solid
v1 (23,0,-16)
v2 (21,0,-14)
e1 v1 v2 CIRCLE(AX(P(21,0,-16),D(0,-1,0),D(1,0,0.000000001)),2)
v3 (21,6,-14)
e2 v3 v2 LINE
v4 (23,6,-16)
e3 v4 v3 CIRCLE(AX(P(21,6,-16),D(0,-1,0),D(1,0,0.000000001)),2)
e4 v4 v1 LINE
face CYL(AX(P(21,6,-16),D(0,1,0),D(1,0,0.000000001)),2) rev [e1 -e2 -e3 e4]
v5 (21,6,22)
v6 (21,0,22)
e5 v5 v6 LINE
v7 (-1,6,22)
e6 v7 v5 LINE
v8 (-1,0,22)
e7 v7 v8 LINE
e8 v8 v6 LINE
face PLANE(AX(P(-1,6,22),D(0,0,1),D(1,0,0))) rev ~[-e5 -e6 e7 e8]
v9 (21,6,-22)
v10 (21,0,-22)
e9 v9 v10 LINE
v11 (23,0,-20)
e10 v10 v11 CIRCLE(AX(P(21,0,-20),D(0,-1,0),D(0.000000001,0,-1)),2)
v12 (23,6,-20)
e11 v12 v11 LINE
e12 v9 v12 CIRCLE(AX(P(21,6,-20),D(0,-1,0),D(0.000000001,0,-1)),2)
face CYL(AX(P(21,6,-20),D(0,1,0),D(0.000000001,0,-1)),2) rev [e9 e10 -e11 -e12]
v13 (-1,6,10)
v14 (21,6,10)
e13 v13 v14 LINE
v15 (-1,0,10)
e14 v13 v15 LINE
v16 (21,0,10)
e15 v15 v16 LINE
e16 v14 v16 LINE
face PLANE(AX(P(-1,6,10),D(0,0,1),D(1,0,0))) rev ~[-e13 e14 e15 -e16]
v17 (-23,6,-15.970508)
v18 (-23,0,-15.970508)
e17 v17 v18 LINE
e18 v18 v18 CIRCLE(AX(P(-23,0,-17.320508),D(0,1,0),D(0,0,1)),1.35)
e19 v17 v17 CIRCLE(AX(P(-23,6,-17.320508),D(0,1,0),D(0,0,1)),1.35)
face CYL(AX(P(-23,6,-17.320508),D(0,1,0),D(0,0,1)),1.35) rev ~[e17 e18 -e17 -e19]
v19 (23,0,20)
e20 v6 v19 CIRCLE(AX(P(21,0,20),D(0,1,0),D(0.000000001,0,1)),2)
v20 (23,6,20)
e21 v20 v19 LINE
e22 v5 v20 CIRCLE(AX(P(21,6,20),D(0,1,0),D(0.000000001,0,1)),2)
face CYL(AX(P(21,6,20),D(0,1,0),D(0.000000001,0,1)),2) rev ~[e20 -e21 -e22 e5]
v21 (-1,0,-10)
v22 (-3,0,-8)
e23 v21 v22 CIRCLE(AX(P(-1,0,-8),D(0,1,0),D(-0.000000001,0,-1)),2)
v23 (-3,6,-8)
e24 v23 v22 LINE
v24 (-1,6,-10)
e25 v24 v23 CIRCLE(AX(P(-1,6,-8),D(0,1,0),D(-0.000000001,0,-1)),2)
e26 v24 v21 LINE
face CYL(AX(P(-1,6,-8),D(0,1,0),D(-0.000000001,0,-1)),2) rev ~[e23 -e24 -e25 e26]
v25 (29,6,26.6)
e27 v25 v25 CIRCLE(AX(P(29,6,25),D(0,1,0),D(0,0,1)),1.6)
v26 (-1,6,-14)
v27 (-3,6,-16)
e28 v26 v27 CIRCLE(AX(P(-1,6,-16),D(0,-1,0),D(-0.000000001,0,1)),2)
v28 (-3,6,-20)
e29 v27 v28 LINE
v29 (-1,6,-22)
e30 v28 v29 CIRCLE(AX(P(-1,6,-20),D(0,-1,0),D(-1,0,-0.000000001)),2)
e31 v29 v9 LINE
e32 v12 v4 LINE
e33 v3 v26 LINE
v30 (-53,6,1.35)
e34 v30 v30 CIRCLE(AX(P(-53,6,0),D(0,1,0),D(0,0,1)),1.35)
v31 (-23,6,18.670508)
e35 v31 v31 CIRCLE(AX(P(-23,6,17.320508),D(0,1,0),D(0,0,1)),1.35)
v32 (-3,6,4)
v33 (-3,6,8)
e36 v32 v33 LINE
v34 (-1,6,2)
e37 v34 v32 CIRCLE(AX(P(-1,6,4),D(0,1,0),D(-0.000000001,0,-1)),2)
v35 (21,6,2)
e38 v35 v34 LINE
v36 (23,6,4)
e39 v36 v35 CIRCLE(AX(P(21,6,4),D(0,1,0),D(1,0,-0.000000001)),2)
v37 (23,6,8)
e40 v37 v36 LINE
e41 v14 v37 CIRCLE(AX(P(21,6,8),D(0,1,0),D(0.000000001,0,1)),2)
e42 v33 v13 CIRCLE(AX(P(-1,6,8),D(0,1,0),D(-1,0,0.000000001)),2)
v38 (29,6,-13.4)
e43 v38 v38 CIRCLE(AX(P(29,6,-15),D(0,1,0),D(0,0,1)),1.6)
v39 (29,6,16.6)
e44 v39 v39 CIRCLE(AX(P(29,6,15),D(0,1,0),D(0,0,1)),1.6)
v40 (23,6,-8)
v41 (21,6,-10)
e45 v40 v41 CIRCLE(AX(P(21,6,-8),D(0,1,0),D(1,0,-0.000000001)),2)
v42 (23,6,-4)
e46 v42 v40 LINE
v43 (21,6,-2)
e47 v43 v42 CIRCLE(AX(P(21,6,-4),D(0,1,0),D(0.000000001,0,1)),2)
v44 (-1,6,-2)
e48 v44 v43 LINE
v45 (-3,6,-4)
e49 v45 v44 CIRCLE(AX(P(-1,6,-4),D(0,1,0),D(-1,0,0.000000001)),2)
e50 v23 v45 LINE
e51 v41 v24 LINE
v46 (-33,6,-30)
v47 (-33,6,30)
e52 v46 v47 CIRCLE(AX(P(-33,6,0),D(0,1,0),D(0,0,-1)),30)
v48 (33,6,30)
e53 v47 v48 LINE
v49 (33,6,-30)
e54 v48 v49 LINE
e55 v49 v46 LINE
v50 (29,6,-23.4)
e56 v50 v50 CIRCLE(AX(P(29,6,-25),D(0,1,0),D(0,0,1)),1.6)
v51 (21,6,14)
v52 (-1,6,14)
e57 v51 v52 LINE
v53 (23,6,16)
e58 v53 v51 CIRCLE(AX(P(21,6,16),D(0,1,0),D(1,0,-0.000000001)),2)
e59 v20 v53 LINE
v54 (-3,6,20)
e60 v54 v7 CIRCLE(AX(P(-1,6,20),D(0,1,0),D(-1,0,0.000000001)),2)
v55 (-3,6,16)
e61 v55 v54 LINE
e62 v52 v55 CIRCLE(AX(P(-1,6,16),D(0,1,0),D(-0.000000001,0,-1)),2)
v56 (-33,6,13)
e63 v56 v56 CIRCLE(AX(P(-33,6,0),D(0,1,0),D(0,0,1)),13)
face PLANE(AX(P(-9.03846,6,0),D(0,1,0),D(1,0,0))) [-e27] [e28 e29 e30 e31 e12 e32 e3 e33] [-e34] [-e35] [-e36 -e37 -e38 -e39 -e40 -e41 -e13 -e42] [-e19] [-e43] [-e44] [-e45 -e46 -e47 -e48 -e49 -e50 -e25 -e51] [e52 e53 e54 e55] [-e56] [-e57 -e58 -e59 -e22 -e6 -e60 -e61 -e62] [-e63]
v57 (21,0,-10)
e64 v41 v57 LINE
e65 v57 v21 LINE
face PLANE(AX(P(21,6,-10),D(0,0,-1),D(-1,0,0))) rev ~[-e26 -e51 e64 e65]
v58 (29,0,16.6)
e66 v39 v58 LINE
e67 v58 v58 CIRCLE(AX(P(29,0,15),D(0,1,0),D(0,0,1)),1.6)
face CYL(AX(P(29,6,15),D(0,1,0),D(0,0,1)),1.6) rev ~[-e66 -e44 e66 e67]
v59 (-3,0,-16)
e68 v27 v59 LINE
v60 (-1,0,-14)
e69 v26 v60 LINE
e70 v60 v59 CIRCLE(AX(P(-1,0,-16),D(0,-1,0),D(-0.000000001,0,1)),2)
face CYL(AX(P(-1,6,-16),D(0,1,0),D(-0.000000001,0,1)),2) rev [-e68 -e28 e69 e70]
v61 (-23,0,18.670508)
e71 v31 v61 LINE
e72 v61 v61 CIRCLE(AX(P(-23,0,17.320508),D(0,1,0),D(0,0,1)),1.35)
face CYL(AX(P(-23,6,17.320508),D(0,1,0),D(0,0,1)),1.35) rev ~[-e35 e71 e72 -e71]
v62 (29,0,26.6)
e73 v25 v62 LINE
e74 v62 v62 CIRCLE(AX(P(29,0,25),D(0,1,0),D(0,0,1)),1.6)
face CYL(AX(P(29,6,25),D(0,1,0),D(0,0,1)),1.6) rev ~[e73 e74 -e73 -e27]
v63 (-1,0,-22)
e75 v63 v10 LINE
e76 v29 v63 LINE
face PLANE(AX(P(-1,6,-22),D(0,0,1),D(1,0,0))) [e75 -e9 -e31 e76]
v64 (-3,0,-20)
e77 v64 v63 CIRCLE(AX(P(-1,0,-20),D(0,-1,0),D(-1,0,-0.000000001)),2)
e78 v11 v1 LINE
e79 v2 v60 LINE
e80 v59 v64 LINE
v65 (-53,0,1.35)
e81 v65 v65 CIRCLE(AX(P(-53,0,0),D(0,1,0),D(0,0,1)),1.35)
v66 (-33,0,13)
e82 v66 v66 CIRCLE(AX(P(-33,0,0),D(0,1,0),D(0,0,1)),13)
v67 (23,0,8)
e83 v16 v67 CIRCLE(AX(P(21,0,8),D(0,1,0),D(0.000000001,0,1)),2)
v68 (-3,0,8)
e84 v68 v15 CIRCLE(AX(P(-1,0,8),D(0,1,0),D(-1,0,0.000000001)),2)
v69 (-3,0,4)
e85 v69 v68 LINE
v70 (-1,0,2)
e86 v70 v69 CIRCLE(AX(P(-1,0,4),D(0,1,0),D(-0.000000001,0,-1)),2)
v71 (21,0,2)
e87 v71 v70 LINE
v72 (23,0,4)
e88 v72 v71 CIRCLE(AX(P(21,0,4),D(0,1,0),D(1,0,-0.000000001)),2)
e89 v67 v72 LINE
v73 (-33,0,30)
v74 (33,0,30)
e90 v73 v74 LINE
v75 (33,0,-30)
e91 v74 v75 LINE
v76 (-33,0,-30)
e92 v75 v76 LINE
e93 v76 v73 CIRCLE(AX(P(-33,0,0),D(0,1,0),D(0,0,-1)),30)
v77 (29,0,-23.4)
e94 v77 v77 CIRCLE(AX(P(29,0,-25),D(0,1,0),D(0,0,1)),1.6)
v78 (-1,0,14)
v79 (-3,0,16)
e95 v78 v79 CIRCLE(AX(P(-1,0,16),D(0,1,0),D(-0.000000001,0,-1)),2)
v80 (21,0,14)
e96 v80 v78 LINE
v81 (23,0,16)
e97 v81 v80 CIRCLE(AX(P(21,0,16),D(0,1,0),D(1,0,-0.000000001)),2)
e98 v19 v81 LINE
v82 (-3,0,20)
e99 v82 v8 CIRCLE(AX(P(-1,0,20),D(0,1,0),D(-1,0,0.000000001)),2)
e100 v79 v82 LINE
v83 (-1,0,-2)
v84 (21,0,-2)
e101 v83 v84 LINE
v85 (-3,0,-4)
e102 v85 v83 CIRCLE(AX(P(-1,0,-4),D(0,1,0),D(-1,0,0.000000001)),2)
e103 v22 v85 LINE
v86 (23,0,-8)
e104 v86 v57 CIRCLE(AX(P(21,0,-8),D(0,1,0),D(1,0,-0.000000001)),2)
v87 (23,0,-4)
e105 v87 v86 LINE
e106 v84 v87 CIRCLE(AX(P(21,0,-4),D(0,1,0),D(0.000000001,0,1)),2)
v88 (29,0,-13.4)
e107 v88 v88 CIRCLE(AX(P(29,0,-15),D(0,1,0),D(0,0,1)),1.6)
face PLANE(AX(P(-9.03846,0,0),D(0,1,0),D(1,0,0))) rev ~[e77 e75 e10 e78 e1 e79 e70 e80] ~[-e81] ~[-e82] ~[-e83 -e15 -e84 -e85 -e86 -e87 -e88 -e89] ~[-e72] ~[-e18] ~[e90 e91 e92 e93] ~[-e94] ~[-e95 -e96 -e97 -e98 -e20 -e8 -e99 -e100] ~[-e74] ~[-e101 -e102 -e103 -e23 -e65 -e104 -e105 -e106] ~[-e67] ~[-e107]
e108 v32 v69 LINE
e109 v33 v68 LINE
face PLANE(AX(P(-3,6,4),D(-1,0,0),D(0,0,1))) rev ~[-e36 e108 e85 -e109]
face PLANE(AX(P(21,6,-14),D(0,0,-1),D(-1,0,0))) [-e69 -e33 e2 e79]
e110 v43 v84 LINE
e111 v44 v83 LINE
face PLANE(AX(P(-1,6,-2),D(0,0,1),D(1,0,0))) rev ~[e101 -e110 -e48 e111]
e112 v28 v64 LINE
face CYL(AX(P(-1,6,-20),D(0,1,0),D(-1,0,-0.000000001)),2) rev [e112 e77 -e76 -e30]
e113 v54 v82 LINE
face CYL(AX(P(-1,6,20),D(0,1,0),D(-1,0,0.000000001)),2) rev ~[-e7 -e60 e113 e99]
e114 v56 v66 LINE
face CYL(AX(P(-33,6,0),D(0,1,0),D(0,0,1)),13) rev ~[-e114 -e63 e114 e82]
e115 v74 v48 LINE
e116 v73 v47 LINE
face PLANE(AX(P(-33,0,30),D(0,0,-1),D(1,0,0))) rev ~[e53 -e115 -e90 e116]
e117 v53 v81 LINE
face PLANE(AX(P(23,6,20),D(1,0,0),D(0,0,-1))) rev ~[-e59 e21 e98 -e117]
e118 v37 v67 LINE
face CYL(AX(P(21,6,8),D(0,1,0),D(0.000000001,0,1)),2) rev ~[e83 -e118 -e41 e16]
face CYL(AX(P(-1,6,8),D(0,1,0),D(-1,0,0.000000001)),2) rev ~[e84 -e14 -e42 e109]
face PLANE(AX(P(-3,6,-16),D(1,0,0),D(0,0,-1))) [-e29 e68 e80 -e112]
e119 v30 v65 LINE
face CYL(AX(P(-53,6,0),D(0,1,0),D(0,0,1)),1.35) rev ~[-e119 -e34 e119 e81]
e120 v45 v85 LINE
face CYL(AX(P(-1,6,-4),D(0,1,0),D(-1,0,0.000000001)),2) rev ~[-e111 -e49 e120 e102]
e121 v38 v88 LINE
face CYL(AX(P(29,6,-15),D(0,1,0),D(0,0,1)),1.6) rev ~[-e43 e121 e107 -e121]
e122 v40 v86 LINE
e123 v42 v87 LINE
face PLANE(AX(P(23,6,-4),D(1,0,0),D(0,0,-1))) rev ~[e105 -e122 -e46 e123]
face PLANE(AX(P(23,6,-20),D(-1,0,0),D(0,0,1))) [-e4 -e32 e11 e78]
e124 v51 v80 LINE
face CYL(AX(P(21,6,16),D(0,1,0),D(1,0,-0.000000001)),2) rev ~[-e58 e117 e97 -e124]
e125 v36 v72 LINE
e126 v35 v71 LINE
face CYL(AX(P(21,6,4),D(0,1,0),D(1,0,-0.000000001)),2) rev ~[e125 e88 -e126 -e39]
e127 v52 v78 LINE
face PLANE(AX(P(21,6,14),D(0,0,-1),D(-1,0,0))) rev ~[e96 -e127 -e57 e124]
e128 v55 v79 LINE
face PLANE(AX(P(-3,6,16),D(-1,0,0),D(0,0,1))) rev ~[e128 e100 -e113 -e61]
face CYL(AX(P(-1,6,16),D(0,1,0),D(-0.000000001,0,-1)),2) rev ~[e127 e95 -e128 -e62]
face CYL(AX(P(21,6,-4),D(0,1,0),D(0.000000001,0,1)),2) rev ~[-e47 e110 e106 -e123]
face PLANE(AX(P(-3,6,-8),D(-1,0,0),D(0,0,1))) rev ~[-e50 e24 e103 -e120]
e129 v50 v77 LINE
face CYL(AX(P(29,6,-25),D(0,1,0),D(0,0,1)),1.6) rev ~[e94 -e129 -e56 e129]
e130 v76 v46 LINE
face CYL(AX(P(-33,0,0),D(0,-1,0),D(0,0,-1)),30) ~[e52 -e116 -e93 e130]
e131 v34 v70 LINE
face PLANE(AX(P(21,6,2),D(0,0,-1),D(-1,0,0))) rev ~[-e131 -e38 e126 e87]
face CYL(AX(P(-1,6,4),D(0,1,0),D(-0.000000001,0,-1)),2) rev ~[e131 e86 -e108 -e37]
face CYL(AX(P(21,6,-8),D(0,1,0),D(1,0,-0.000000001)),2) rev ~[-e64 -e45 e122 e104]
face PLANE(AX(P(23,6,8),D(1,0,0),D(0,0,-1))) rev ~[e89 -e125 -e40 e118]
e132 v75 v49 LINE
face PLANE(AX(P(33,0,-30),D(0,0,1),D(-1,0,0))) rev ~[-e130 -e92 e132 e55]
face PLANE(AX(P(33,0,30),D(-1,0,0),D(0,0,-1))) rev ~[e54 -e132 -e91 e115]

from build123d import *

# Parameters (mm, degrees)
EXTRUDE_1_DEPTH     = 6
SKETCH_2_R          = 13
SKETCH_2_R_2        = 1.35
CUT_EXTRUDE_1_DEPTH = 6
CUT_EXTRUDE_2_DEPTH = 6
SKETCH_4_R          = 1.6
CUT_EXTRUDE_3_DEPTH = 6


with BuildPart() as part:
    # 草图1 → 凸台-拉伸1 (new body)
    with BuildSketch(Plane(origin=(0, 0, 0), x_dir=(1, 0, 0), z_dir=(0, 1, 0))):
        with BuildLine():
            Line((-33, -30), (33, -30))
            Line((33, -30), (33, 30))
            Line((33, 30), (-33, 30))
            ThreePointArc((-33, 30), (-63, 0), (-33, -30))
        make_face()
    extrude(amount=EXTRUDE_1_DEPTH)

    # 草图2 → 切除-拉伸1 (cut)
    with BuildSketch(Plane(origin=(0, 6, 0), x_dir=(1, 0, 0), z_dir=(0, 1, 0))):
        with Locations(Location((-33, 0, 0), (0, 0, 270))):
            Circle(SKETCH_2_R)
        with Locations(Location((-53, 0, 0), (0, 0, 270))):
            Circle(SKETCH_2_R_2)
        with Locations(Location((-23, 17.320508076, 0), (0, 0, 270))):
            Circle(SKETCH_2_R_2)
        with Locations(Location((-23, -17.320508076, 0), (0, 0, 270))):
            Circle(SKETCH_2_R_2)
    extrude(amount=-CUT_EXTRUDE_1_DEPTH, mode=Mode.SUBTRACT)

    # 草图3 → 切除-拉伸2 (cut)
    with BuildSketch(Plane(origin=(0, 6, 0), x_dir=(1, 0, 0), z_dir=(0, 1, 0))):
        with BuildLine():
            Line((21, 14), (-1, 14))
            ThreePointArc((-1, 14), (-2.414213562, 14.585786438), (-3, 16))
            Line((-3, 16), (-3, 20))
            ThreePointArc((-3, 20), (-2.414213562, 21.414213562), (-1, 22))
            Line((-1, 22), (21, 22))
            ThreePointArc((21, 22), (22.414213562, 21.414213562), (23, 20))
            Line((23, 20), (23, 16))
            ThreePointArc((23, 16), (22.414213562, 14.585786438), (21, 14))
        make_face()
        with BuildLine():
            Line((23, 4), (23, 8))
            ThreePointArc((23, 8), (22.414213562, 9.414213562), (21, 10))
            Line((21, 10), (-1, 10))
            ThreePointArc((-1, 10), (-2.414213562, 9.414213562), (-3, 8))
            Line((-3, 8), (-3, 4))
            ThreePointArc((-3, 4), (-2.414213562, 2.585786438), (-1, 2))
            Line((-1, 2), (21, 2))
            ThreePointArc((21, 2), (22.414213562, 2.585786438), (23, 4))
        make_face()
        with BuildLine():
            Line((23, -8), (23, -4))
            ThreePointArc((23, -4), (22.414213562, -2.585786438), (21, -2))
            Line((21, -2), (-1, -2))
            ThreePointArc((-1, -2), (-2.414213562, -2.585786438), (-3, -4))
            Line((-3, -4), (-3, -8))
            ThreePointArc((-3, -8), (-2.414213562, -9.414213562), (-1, -10))
            Line((-1, -10), (21, -10))
            ThreePointArc((21, -10), (22.414213562, -9.414213562), (23, -8))
        make_face()
        with BuildLine():
            Line((23, -20), (23, -16))
            ThreePointArc((23, -16), (22.414213562, -14.585786438), (21, -14))
            Line((21, -14), (-1, -14))
            ThreePointArc((-1, -14), (-2.414213562, -14.585786438), (-3, -16))
            Line((-3, -16), (-3, -20))
            ThreePointArc((-3, -20), (-2.414213562, -21.414213562), (-1, -22))
            Line((-1, -22), (21, -22))
            ThreePointArc((21, -22), (22.414213562, -21.414213562), (23, -20))
        make_face()
    extrude(amount=-CUT_EXTRUDE_2_DEPTH, mode=Mode.SUBTRACT)

    # 草图4 → 切除-拉伸3 (cut)
    with BuildSketch(Plane(origin=(0, 6, 0), x_dir=(1, 0, 0), z_dir=(0, 1, 0))):
        with Locations(Location((29, 25, 0), (0, 0, 270))):
            Circle(SKETCH_4_R)
        with Locations(Location((29, 15, 0), (0, 0, 270))):
            Circle(SKETCH_4_R)
        with Locations(Location((29, -25, 0), (0, 0, 270))):
            Circle(SKETCH_4_R)
        with Locations(Location((29, -15, 0), (0, 0, 270))):
            Circle(SKETCH_4_R)
    extrude(amount=-CUT_EXTRUDE_3_DEPTH, mode=Mode.SUBTRACT)


solid = part.part
